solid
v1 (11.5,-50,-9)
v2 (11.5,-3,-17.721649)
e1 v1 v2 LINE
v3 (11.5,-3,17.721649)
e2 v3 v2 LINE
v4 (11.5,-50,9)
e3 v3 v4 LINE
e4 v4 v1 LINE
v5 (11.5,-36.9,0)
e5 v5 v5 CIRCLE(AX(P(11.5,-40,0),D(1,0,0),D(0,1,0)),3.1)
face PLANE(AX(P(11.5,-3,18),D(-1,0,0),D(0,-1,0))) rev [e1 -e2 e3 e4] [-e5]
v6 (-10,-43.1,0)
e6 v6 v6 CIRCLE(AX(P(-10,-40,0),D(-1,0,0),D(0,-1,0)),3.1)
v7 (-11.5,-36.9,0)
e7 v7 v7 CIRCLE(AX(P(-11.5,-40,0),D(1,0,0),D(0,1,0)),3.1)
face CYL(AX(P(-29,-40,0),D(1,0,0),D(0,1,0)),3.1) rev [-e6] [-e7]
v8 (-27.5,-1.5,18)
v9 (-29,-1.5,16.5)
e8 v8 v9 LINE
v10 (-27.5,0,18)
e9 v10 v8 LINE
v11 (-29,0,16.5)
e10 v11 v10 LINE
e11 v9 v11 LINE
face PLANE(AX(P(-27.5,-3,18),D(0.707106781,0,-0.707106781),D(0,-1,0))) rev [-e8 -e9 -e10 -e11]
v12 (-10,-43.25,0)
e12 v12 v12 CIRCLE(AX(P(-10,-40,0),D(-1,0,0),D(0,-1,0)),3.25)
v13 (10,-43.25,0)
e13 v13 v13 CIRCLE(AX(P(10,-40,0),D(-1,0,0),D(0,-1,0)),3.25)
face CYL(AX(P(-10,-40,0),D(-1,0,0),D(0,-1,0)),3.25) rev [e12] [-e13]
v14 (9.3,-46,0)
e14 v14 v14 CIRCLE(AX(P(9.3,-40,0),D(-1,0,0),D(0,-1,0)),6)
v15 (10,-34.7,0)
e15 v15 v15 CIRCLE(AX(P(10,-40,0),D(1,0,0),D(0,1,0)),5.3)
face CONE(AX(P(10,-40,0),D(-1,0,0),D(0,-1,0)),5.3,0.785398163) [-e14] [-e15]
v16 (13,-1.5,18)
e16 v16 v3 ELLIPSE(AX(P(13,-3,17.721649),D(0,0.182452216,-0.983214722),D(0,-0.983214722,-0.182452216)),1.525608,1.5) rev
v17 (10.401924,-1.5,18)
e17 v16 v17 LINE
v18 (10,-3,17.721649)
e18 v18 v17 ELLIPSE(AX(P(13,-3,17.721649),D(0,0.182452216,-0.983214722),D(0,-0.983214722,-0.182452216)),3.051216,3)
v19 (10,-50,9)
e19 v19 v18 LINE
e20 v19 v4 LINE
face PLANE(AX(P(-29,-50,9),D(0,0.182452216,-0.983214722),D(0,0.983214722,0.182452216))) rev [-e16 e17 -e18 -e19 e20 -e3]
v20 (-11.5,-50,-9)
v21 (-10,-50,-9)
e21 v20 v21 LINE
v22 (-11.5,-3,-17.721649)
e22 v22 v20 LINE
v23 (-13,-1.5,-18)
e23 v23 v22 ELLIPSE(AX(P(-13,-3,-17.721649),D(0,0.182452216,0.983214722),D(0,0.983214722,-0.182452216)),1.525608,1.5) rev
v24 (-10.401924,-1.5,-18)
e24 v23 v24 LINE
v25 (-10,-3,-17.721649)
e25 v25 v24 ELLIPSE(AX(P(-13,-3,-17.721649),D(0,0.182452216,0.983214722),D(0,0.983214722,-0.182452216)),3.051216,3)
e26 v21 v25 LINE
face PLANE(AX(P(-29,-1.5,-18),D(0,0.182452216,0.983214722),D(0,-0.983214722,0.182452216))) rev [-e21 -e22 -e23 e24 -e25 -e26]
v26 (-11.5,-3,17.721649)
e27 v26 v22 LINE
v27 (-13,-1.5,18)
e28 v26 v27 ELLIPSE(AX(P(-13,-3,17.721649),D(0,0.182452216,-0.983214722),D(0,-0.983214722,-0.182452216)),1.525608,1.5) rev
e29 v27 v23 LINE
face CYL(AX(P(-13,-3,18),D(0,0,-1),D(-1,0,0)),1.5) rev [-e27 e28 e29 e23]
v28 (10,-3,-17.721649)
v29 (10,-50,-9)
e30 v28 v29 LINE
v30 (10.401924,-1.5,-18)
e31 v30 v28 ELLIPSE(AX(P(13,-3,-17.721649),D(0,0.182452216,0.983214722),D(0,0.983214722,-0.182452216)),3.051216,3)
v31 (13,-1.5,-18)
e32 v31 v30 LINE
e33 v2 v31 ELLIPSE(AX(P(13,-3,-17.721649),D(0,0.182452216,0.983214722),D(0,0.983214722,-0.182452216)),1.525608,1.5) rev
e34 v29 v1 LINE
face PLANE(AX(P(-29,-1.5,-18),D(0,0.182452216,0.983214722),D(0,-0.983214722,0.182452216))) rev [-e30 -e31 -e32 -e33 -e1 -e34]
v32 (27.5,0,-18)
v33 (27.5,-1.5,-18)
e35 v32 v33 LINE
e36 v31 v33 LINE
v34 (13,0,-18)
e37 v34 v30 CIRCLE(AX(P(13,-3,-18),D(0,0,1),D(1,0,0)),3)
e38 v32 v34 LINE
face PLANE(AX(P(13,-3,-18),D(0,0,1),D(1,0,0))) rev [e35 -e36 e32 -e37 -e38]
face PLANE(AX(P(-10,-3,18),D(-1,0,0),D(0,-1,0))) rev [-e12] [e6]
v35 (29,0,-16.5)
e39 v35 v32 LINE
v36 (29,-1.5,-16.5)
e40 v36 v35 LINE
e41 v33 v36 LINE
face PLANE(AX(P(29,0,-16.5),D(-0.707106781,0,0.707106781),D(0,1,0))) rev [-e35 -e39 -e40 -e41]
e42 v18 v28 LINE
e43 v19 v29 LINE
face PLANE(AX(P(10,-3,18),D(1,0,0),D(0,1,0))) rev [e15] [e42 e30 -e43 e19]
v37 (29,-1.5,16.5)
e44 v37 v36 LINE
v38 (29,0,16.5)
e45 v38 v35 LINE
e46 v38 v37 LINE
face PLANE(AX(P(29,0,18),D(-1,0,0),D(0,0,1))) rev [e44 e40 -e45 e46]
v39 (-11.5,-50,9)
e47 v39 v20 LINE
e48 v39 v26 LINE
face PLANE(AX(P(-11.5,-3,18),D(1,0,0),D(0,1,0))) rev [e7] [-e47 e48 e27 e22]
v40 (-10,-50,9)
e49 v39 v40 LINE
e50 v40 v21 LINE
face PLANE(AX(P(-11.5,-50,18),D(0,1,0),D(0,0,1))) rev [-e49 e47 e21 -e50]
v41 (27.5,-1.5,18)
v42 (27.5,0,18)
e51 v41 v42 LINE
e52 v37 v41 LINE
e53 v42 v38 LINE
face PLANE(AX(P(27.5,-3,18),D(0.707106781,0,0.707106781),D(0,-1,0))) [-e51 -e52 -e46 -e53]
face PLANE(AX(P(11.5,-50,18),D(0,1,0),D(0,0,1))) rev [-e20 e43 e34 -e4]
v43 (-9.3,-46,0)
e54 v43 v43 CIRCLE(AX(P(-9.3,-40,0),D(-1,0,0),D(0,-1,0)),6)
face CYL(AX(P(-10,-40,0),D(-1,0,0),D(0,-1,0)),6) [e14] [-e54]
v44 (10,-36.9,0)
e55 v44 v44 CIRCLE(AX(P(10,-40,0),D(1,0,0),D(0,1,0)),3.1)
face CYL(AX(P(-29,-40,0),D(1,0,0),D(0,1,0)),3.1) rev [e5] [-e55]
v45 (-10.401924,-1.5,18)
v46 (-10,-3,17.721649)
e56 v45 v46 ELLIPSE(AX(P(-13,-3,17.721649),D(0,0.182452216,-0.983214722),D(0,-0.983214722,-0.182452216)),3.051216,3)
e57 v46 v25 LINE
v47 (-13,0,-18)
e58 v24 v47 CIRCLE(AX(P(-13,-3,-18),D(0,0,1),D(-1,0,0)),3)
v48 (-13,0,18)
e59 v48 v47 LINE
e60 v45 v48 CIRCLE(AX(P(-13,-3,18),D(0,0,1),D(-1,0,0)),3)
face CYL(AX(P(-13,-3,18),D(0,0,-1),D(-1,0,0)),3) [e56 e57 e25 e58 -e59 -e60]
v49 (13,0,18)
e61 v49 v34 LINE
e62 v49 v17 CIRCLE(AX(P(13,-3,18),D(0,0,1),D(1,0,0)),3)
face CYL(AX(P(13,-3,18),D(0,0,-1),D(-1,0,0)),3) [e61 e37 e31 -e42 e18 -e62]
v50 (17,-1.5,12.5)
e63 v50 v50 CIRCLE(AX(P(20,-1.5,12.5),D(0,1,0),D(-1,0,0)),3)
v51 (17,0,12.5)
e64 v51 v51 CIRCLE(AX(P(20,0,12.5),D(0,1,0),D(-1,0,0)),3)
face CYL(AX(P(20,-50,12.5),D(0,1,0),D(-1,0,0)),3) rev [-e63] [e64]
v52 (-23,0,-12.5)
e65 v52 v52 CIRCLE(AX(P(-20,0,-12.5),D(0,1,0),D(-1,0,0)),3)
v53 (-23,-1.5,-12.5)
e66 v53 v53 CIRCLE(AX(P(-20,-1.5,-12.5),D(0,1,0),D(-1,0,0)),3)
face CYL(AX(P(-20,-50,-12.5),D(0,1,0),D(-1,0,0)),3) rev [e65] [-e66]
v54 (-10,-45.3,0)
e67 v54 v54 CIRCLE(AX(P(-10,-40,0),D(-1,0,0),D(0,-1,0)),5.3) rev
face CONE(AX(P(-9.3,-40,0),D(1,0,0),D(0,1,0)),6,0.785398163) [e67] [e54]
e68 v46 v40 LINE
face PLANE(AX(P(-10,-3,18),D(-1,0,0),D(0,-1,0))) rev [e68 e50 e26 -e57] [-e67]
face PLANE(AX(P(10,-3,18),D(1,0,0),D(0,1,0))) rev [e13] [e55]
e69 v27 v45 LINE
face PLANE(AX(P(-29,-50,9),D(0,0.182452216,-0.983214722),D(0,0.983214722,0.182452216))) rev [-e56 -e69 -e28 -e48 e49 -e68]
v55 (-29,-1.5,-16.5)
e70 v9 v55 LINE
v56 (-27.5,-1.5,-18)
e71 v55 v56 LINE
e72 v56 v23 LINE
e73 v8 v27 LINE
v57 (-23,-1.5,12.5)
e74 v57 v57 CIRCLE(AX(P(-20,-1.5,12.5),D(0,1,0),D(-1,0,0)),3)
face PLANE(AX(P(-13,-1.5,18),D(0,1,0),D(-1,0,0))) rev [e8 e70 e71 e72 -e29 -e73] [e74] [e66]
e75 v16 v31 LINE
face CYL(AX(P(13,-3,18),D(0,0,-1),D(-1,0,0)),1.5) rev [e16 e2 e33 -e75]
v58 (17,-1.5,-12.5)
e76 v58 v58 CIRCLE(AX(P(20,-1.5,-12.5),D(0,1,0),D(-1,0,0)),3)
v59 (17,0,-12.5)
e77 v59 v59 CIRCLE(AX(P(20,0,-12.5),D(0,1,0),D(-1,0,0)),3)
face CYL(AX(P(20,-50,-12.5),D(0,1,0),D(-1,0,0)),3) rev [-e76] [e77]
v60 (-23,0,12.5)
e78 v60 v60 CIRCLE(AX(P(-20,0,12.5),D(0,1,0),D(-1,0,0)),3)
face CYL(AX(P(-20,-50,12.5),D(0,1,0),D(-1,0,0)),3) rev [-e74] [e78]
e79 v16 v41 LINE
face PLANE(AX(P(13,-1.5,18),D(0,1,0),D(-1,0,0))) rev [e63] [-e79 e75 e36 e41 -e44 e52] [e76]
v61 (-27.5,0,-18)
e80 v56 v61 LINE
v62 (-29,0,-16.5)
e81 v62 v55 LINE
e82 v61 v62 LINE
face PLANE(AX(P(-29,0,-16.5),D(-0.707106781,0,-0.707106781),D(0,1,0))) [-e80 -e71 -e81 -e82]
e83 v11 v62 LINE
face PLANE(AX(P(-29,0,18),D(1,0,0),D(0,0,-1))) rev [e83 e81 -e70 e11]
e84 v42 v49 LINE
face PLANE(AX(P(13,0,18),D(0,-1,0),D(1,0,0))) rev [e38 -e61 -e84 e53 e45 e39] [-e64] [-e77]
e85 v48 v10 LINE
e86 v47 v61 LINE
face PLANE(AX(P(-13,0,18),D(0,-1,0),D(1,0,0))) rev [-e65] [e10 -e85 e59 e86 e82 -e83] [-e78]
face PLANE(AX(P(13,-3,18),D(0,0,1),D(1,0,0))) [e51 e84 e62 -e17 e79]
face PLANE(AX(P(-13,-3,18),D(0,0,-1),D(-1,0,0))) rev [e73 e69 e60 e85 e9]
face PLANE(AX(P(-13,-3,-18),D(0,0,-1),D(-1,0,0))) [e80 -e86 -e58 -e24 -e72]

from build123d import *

# Parameters (mm, degrees)
BOSS_EXTRUDE1_DEPTH     = 18
BOSS_EXTRUDE1_2_DEPTH   = 18
CUT_EXTRUDE1_DEPTH      = 61.539243471
CUT_EXTRUDE1_DEPTH_BACK = 61.539243471
SKETCH3_R               = 3.1
CUT_EXTRUDE2_DEPTH      = 67.815043216
SKETCH5_R               = 3
CUT_EXTRUDE3_DEPTH      = 61.539243471
CHAMFER1_SIZE           = 1.5


with BuildPart() as part:
    # Sketch1 → Boss-Extrude1 (new, symmetric)
    with BuildSketch(Plane.XY):
        with BuildLine():
            Line((-13, 0), (-29, 0))
            Line((-29, 0), (-29, -1.5))
            Line((-29, -1.5), (-13, -1.5))
            ThreePointArc((-13, -1.5), (-11.939339828, -1.939339828), (-11.5, -3))
            Line((-11.5, -3), (-11.5, -50))
            Line((-11.5, -50), (-10, -50))
            Line((-10, -50), (-10, -3))
            ThreePointArc((-10, -3), (-10.878679656, -0.878679656), (-13, 0))
        make_face()
    extrude(amount=BOSS_EXTRUDE1_DEPTH, both=True)


with BuildPart() as body_2:
    # Sketch1 → Boss-Extrude1 2 (new, symmetric)
    with BuildSketch(Plane.XY):
        with BuildLine():
            Line((11.5, -50), (10, -50))
            Line((10, -50), (10, -3))
            ThreePointArc((10, -3), (10.878679656, -0.878679656), (13, 0))
            Line((13, 0), (29, 0))
            Line((29, 0), (29, -1.5))
            Line((29, -1.5), (13, -1.5))
            ThreePointArc((13, -1.5), (11.939339828, -1.939339828), (11.5, -3))
            Line((11.5, -3), (11.5, -50))
        make_face()
    extrude(amount=BOSS_EXTRUDE1_2_DEPTH, both=True)


with BuildPart() as cut_extrude1_tool:
    # Sketch2 → Cut-Extrude1 (new, two sides: drawn at the far end of the back side and taken through both)
    with BuildSketch(Plane(origin=(0, 0, 0), x_dir=(0, 0, -1), z_dir=(1, 0, 0)).offset(-CUT_EXTRUDE1_DEPTH_BACK)):
        Polygon((-18, -50), (-9, -50), (-18, -1.5), align=None)
        Polygon((9, -50), (18, -50), (18, -1.5), align=None)
    extrude(amount=CUT_EXTRUDE1_DEPTH + CUT_EXTRUDE1_DEPTH_BACK)


with BuildPart() as part_1:
    add(part.part)

    # Cut-Extrude1: cut by cut_extrude1_tool
    add(cut_extrude1_tool.part, mode=Mode.SUBTRACT)


with BuildPart() as body_2_1:
    add(body_2.part)

    # Cut-Extrude1: cut by cut_extrude1_tool
    add(cut_extrude1_tool.part, mode=Mode.SUBTRACT)


with BuildPart() as cut_extrude2_tool:
    # Sketch3 → Cut-Extrude2 (new, through all)
    with BuildSketch(Plane(origin=(11.5, 0, 0), x_dir=(0, 0, -1), z_dir=(1, 0, 0))):
        with Locations(Location((0, -40, 0), (0, 0, 90))):
            Circle(SKETCH3_R)
    extrude(amount=-CUT_EXTRUDE2_DEPTH)


with BuildPart() as part_2:
    add(part_1.part)

    # Cut-Extrude2: cut by cut_extrude2_tool
    add(cut_extrude2_tool.part, mode=Mode.SUBTRACT)



with BuildPart() as body_2_2:
    add(body_2_1.part)

    # Cut-Extrude2: cut by cut_extrude2_tool
    add(cut_extrude2_tool.part, mode=Mode.SUBTRACT)


with BuildPart() as part_3:
    add(part_2.part)

    add(body_2_2.part)  # Revolve1 merges body 2
    # Sketch4 → Revolve1 (revolve)
    with BuildSketch(Plane.XY, mode=Mode.PRIVATE) as revolve1_sk:
        Polygon((-10, -36.75), (10, -36.75), (10, -34.7), (9.3, -34), (-9.3, -34), (-10, -34.7), align=None)
    revolve(revolve1_sk.sketch.rotate(Axis((-10, -40, 0), (1, 0, 0)), 180), axis=Axis((-10, -40, 0), (1, 0, 0)))

    # Sketch5 → Cut-Extrude3 (cut, through all)
    with BuildSketch(Plane(origin=(0, 0, 0), x_dir=(1, 0, 0), z_dir=(0, 1, 0))):
        with Locations(Location((-20, 12.5, 0), (0, 0, 180))):
            Circle(SKETCH5_R)
        with Locations(Location((-20, -12.5, 0), (0, 0, 180))):
            Circle(SKETCH5_R)
        with Locations(Location((20, 12.5, 0), (0, 0, 180))):
            Circle(SKETCH5_R)
        with Locations(Location((20, -12.5, 0), (0, 0, 180))):
            Circle(SKETCH5_R)
    extrude(amount=-CUT_EXTRUDE3_DEPTH, mode=Mode.SUBTRACT)

    # Chamfer1
    chamfer1_edges = [part_3.edges().sort_by_distance(p)[0] for p in [
        (-29, -0.75, 18),
        (29, -0.75, -18),
        (29, -0.75, 18),
        (-29, -0.75, -18),
    ]]
    chamfer(chamfer1_edges, length=CHAMFER1_SIZE)


solid = part_3.part
